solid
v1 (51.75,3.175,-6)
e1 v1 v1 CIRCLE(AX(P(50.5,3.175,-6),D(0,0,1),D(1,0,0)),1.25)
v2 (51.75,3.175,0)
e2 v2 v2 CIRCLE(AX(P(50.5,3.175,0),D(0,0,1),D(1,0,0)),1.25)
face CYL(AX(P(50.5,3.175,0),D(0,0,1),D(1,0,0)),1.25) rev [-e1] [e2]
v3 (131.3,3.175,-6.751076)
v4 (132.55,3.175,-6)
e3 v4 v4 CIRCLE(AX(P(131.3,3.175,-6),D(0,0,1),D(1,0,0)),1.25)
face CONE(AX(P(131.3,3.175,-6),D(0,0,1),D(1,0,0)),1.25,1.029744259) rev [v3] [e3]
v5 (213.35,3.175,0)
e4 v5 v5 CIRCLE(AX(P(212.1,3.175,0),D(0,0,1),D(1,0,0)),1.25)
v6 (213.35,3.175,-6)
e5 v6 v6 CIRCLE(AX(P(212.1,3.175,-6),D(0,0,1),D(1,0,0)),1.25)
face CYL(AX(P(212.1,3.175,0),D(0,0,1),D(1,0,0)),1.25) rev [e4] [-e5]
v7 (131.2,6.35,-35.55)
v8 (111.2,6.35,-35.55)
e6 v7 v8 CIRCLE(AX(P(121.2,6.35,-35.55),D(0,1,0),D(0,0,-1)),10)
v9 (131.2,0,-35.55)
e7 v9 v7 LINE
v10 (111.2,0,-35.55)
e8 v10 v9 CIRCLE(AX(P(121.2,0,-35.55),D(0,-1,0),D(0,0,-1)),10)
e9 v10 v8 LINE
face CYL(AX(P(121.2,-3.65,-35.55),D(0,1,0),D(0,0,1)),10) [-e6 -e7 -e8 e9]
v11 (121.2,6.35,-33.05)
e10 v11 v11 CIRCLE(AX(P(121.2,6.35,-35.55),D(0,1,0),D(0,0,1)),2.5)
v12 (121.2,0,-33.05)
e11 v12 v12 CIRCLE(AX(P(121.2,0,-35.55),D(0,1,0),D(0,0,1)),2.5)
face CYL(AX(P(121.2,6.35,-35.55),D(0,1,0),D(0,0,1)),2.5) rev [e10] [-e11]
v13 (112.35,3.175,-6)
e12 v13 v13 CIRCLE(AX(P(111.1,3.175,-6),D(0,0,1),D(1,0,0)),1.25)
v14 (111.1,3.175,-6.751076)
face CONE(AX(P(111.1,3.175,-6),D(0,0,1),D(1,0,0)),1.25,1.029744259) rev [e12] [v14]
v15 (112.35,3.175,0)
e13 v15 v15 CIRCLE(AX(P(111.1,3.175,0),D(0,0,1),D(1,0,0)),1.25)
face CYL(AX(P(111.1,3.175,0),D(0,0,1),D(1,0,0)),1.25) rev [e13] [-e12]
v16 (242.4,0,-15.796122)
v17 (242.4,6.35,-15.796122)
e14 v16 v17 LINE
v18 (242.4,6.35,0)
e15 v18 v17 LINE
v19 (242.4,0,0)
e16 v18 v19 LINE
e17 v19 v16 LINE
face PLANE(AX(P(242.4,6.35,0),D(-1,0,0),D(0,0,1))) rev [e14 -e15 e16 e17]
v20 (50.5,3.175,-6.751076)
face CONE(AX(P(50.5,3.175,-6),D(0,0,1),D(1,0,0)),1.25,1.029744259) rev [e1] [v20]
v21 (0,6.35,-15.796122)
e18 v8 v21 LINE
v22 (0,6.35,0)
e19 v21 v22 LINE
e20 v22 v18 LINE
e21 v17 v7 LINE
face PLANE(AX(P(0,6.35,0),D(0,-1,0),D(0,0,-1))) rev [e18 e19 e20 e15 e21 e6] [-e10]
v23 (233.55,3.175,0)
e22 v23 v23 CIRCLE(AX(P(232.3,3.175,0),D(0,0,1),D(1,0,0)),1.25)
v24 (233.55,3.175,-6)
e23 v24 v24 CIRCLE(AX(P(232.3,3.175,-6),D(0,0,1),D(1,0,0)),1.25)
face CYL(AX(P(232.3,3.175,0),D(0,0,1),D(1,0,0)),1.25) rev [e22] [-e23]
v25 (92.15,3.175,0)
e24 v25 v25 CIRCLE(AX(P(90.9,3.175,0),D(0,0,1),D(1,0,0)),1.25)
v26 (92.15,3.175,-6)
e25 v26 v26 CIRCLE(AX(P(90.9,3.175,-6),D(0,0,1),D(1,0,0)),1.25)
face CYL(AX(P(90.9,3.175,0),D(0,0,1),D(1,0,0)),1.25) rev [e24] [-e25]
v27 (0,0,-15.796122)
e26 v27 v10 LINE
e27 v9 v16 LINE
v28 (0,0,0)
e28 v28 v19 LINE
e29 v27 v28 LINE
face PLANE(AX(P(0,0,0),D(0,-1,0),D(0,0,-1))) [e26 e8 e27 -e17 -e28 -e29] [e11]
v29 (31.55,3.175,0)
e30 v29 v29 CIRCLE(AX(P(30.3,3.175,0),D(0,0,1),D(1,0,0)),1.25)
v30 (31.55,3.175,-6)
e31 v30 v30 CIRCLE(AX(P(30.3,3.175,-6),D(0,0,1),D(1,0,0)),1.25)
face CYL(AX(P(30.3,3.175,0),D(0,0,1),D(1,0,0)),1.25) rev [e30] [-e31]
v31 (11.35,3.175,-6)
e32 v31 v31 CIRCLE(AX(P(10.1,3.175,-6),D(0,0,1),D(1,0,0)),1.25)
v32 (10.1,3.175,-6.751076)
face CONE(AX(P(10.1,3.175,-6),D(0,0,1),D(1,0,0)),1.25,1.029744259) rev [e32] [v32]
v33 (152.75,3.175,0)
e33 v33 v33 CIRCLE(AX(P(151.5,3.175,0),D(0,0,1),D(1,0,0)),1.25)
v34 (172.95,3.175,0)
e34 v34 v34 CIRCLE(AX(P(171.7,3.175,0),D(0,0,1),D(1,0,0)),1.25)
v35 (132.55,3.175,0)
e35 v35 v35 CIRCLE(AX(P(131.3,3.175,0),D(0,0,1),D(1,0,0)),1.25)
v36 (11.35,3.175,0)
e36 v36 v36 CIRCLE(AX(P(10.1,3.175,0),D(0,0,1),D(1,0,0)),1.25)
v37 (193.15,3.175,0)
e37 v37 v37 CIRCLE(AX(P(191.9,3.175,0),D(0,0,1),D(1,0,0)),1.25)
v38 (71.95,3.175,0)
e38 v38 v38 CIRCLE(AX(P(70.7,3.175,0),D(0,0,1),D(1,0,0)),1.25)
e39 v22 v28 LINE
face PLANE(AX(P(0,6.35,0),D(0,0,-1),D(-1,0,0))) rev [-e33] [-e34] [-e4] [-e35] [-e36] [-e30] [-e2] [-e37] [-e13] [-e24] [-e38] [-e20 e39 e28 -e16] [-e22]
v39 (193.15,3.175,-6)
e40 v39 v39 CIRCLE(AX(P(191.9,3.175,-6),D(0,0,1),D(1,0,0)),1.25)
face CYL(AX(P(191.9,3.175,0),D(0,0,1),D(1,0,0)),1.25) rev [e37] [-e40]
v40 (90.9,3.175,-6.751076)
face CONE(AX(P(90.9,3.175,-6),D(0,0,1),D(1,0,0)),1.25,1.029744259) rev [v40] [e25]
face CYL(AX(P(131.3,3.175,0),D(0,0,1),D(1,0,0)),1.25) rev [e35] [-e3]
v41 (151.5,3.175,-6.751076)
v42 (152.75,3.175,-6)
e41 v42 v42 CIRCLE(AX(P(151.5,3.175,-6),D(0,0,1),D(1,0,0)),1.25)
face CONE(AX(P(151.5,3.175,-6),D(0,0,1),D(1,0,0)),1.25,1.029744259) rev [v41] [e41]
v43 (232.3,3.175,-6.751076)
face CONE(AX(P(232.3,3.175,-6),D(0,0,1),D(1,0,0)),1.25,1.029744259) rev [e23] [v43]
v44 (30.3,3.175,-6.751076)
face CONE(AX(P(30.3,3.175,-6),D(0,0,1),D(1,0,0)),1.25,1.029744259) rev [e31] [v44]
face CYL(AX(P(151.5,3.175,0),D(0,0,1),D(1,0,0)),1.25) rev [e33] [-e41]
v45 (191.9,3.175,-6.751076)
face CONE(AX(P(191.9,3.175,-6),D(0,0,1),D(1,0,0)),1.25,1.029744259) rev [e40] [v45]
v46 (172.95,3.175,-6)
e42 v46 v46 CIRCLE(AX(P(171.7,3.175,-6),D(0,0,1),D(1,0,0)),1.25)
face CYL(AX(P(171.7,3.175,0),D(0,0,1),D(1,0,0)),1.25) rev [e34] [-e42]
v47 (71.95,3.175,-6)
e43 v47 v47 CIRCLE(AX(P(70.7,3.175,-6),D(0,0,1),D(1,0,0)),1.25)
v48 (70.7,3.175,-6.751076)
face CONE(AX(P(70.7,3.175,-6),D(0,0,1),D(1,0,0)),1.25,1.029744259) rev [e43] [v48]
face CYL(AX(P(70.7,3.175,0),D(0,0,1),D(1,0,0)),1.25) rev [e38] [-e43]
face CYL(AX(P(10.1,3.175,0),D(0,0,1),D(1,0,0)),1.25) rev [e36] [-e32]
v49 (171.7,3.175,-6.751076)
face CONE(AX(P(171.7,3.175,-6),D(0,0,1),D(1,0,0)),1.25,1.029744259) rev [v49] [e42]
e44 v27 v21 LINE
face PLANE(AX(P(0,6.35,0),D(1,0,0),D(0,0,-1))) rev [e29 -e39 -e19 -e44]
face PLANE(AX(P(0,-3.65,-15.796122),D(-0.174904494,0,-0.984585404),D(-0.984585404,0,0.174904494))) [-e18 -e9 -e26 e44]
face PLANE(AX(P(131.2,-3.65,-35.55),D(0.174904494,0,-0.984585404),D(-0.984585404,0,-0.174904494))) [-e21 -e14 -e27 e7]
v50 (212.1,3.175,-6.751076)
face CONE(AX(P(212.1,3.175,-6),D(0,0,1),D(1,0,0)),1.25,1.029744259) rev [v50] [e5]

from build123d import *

# Parameters (mm, degrees)
SKETCH1_W                       = 242.4
SKETCH1_H                       = 71.1
BOSS_EXTRUDE1_DEPTH             = 6.35
SKETCH2_OUTSIDE_W               = 294.938
SKETCH2_OUTSIDE_H               = 123.638
CUT_EXTRUDE1_DEPTH              = 10
TAP_DRILL_FOR_M3X0_5_TAP1_D     = 2.5
TAP_DRILL_FOR_M3X0_5_TAP1_DEPTH = 6
TAP_DRILL_FOR_M3X0_5_TAP1_TIP   = 0.751075774
TAP_DRILL_FOR_M6X1_0_TAP1_D     = 5


with BuildPart() as part:
    # Sketch1 → Boss-Extrude1 (new body)
    with BuildSketch(Plane(origin=(0, 0, 0), x_dir=(1, 0, 0), z_dir=(0, 1, 0))):
        with Locations((121.2, 35.55)):
            Rectangle(SKETCH1_W, SKETCH1_H)
    extrude(amount=BOSS_EXTRUDE1_DEPTH)

    # Sketch2 outside → Cut-Extrude1 (cut)
    with BuildSketch(Plane(origin=(0, 6.35, 0), x_dir=(1, 0, 0), z_dir=(0, 1, 0))):
        with Locations((121.2, 35.55)):
            Rectangle(SKETCH2_OUTSIDE_W, SKETCH2_OUTSIDE_H)
        with BuildLine():
            Line((0, 0), (0, 15.796122239))
            Line((0, 15.796122239), (111.2, 35.55))
            ThreePointArc((111.2, 35.55), (121.2, 45.55), (131.2, 35.55))
            Line((131.2, 35.55), (242.4, 15.796122239))
            Line((242.4, 15.796122239), (242.4, 0))
            Line((242.4, 0), (0, 0))
        make_face(mode=Mode.SUBTRACT)
    extrude(amount=-CUT_EXTRUDE1_DEPTH, mode=Mode.SUBTRACT)

    # Tap Drill for M3x0.5 Tap1
    with Locations(Plane.XY):
        with Locations((232.3, 3.175), (10.1, 3.175), (30.3, 3.175), (50.5, 3.175), (70.7, 3.175), (90.9, 3.175), (111.1, 3.175), (131.3, 3.175), (151.5, 3.175), (171.7, 3.175), (191.9, 3.175), (212.1, 3.175)):
            Hole(TAP_DRILL_FOR_M3X0_5_TAP1_D / 2, depth=TAP_DRILL_FOR_M3X0_5_TAP1_DEPTH)
            with Locations((0, 0, -(TAP_DRILL_FOR_M3X0_5_TAP1_DEPTH + TAP_DRILL_FOR_M3X0_5_TAP1_TIP / 2))):  # 118° drill point
                Cone(0, TAP_DRILL_FOR_M3X0_5_TAP1_D / 2, TAP_DRILL_FOR_M3X0_5_TAP1_TIP, mode=Mode.SUBTRACT)

    # Tap Drill for M6x1.0 Tap1 (through all)
    with Locations(Plane(origin=(0, 6.35, 0), x_dir=(1, 0, 0), z_dir=(0, 1, 0))):
        with Locations((121.2, 35.55)):
            Hole(TAP_DRILL_FOR_M6X1_0_TAP1_D / 2)


solid = part.part
